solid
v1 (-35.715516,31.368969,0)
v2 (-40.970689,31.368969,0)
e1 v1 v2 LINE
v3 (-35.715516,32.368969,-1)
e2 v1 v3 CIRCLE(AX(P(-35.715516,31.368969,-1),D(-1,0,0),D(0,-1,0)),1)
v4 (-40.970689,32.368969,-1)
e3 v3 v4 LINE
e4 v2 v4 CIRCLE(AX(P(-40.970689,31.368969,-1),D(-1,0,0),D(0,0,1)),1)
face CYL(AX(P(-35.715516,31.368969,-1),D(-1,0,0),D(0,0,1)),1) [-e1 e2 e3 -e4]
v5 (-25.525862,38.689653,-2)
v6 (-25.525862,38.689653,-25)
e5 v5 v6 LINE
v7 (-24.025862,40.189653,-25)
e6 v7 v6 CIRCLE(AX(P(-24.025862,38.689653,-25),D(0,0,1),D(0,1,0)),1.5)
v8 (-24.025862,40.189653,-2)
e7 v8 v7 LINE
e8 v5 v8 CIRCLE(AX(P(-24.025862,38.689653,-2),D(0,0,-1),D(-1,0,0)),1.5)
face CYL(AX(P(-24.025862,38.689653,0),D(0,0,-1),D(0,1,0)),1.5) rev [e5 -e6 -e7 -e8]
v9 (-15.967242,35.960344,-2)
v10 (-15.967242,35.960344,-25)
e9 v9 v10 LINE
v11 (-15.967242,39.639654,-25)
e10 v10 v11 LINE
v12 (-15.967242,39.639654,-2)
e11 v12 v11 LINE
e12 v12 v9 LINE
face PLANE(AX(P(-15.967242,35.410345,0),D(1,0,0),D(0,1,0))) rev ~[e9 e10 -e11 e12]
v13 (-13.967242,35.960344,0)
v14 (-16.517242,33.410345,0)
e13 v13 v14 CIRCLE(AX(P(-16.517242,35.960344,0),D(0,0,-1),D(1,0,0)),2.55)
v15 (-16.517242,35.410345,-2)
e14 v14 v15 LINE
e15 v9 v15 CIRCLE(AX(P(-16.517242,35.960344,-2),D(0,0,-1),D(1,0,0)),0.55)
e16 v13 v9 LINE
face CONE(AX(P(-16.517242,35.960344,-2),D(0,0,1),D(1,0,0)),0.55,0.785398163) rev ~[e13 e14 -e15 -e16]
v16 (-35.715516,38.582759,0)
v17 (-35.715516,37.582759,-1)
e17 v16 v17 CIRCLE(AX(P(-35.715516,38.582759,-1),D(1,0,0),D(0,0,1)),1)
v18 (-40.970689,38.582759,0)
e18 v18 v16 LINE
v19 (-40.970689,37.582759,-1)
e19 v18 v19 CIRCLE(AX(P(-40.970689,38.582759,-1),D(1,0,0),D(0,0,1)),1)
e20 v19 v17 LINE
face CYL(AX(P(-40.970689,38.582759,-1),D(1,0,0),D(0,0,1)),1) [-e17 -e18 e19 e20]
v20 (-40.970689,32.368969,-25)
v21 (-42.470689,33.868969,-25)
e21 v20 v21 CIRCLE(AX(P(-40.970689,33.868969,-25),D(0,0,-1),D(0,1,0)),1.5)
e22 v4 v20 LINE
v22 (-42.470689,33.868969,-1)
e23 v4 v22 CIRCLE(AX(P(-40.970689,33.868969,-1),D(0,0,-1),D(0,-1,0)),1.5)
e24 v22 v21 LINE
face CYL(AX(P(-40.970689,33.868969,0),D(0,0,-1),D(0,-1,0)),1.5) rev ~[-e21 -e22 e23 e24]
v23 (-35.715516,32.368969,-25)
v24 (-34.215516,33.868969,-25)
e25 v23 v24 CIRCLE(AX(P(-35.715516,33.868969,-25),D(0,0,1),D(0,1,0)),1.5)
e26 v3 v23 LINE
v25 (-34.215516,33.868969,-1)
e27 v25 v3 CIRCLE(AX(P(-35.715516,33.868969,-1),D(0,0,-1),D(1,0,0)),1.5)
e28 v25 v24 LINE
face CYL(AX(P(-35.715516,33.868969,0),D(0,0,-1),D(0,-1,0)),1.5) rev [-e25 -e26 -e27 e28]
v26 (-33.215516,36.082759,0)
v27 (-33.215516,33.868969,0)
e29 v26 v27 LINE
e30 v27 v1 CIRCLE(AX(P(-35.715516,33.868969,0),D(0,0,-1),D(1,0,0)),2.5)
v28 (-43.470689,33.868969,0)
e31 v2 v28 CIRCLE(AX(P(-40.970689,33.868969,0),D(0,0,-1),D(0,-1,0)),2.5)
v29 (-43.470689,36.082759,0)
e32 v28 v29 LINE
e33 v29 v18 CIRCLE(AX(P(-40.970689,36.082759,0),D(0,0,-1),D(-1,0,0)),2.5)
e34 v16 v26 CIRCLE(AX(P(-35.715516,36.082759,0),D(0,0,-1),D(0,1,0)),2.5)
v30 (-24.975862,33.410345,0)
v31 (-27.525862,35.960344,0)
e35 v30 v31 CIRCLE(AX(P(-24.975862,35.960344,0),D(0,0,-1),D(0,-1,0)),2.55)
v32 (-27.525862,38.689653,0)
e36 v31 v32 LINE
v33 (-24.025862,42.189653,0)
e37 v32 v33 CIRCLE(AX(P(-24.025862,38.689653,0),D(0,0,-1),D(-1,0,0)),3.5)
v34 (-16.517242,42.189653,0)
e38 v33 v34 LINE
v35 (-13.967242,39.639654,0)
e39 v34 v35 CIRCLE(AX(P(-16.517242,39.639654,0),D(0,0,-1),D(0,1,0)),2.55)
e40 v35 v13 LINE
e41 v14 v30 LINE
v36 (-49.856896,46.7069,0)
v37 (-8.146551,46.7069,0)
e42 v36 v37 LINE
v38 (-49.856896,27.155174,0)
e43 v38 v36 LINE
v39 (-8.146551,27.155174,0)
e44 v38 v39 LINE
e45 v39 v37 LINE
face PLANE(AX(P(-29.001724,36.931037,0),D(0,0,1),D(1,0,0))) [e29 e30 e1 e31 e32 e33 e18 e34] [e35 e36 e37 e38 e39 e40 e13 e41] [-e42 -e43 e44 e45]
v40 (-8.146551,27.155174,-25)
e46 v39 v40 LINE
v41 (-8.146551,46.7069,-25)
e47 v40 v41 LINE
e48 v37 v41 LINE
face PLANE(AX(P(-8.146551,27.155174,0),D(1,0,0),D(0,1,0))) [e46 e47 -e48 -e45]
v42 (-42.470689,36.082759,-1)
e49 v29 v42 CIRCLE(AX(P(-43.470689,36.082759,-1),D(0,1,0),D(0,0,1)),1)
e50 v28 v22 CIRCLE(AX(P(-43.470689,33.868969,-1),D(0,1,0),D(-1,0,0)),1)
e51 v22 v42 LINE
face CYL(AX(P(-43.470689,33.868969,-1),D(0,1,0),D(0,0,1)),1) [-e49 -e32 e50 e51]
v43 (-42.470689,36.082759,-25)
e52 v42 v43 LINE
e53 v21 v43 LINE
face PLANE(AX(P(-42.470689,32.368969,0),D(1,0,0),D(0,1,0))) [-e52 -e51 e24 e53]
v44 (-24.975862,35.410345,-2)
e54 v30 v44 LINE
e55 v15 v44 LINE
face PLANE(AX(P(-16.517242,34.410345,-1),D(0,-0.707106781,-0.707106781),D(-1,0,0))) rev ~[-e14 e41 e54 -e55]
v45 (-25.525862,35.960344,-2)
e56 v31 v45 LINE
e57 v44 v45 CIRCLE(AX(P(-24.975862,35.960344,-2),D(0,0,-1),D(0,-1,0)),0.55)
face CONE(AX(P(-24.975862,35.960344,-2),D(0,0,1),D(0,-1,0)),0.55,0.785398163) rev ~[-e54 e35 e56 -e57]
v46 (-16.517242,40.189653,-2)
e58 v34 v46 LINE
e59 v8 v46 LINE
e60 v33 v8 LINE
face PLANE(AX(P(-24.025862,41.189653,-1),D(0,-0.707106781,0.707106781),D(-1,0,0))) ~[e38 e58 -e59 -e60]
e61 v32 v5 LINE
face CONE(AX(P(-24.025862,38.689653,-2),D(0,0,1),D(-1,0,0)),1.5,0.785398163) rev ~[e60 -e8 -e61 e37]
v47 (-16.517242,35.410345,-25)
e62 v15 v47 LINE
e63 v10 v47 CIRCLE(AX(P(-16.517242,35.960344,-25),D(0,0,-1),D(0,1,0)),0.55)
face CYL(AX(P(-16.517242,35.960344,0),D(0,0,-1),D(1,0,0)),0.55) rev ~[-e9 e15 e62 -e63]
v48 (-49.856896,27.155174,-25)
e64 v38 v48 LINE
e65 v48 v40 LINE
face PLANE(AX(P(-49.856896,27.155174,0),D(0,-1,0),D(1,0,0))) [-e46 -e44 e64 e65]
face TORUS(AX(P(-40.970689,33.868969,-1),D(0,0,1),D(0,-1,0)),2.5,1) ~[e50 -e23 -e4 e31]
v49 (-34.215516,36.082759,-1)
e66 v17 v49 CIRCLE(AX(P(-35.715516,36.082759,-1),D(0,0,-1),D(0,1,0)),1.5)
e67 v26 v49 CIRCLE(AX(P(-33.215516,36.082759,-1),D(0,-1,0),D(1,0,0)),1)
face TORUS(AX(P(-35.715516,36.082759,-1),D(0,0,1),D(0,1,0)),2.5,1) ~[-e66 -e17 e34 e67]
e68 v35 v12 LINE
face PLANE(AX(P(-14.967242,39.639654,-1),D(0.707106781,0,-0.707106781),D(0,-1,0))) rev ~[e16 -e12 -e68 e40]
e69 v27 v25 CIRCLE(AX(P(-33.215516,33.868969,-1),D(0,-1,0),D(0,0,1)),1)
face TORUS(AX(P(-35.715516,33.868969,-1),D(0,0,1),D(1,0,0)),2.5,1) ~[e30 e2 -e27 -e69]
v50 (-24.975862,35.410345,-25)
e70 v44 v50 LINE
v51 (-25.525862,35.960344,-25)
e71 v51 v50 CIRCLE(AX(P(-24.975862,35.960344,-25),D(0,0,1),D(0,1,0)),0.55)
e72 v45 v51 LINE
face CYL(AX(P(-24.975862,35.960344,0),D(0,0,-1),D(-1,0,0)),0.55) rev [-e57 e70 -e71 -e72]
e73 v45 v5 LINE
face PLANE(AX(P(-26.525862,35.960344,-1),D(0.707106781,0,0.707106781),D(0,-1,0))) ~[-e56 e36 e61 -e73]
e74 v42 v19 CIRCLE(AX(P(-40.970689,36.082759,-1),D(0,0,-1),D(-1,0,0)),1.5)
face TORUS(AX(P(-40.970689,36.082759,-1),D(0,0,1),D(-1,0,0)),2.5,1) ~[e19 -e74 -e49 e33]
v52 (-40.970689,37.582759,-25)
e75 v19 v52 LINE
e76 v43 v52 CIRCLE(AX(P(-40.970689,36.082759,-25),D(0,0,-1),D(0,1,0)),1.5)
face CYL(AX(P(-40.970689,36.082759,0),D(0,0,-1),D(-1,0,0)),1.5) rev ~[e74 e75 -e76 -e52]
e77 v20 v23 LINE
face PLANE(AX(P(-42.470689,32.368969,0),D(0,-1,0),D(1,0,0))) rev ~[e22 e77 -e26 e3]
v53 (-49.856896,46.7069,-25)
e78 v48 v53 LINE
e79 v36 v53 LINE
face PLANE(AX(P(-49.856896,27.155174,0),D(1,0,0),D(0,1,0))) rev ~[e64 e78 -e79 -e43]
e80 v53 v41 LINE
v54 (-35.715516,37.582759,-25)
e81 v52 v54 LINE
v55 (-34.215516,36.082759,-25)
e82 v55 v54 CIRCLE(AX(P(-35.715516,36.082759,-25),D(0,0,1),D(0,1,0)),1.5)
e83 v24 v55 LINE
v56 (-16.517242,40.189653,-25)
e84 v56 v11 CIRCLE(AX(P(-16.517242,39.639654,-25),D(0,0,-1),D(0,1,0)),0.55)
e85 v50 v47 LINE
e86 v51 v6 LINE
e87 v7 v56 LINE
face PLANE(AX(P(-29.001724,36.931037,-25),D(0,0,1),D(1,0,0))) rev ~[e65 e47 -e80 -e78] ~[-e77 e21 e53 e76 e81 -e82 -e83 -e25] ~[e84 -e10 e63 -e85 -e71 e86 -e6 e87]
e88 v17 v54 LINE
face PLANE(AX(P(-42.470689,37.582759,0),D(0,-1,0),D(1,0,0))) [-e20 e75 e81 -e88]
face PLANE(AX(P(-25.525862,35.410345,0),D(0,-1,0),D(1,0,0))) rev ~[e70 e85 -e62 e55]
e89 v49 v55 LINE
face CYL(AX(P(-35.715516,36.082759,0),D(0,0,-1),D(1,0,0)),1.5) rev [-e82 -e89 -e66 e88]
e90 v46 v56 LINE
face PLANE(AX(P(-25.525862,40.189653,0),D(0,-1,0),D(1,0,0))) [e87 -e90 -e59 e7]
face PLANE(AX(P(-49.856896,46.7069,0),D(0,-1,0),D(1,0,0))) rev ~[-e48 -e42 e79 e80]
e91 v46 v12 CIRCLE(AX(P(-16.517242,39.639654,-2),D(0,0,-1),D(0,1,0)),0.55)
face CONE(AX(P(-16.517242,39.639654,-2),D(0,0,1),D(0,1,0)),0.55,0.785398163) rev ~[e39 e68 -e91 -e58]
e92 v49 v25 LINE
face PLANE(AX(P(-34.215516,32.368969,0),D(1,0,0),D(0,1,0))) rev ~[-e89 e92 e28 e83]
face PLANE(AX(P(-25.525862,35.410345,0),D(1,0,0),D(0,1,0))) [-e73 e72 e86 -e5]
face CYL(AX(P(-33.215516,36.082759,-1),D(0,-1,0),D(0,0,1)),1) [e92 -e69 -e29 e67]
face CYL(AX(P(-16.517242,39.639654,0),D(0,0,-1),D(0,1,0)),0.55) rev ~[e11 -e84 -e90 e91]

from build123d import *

# Parameters (mm, degrees)
F0_W     = 41.710345
F0_H     = 19.551726
F0_W_2   = 8.255173
F0_H_2   = 5.21379
F0_W_3   = 9.55862
F0_H_3   = 4.779309
F1_DEPTH = 25
F2_R     = 1.5
F3_R     = 0.55
F4_R     = 1
F5_SIZE  = 2


with BuildPart() as f1:
    # F0 (on Top) → F1 (new body)
    with BuildSketch(Plane.XY):
        with Locations((-29.001724, 36.931037)):
            Rectangle(F0_W, F0_H)
        with Locations((-38.343103, 34.975864)):
            Rectangle(F0_W_2, F0_H_2, mode=Mode.SUBTRACT)
        with Locations((-20.746552, 37.799999)):
            Rectangle(F0_W_3, F0_H_3, mode=Mode.SUBTRACT)
    extrude(amount=-F1_DEPTH)

    # F2
    f2_edges = [f1.edges().sort_by_distance(p)[0] for p in [
        (-42.47069, 37.582759, -12.5),
        (-34.215517, 37.582759, -12.5),
        (-42.47069, 32.368969, -12.5),
        (-34.215517, 32.368969, -12.5),
        (-25.525862, 40.189654, -12.5),
    ]]
    fillet(f2_edges, radius=F2_R)

    # F3
    f3_edges = [f1.edges().sort_by_distance(p)[0] for p in [
        (-15.967242, 40.189654, -12.5),
        (-25.525862, 35.410345, -12.5),
        (-15.967242, 35.410345, -12.5),
    ]]
    fillet(f3_edges, radius=F3_R)

    # F4
    f4_edges = [f1.edges().sort_by_distance(p)[0] for p in [
        (-38.343104, 37.582759, 0),
    ]]
    fillet(f4_edges, radius=F4_R)

    # F5
    f5_edges = [f1.edges().sort_by_distance(p)[0] for p in [
        (-20.271552, 40.189654, 0),
    ]]
    chamfer(f5_edges, length=F5_SIZE)


solid = f1.part
